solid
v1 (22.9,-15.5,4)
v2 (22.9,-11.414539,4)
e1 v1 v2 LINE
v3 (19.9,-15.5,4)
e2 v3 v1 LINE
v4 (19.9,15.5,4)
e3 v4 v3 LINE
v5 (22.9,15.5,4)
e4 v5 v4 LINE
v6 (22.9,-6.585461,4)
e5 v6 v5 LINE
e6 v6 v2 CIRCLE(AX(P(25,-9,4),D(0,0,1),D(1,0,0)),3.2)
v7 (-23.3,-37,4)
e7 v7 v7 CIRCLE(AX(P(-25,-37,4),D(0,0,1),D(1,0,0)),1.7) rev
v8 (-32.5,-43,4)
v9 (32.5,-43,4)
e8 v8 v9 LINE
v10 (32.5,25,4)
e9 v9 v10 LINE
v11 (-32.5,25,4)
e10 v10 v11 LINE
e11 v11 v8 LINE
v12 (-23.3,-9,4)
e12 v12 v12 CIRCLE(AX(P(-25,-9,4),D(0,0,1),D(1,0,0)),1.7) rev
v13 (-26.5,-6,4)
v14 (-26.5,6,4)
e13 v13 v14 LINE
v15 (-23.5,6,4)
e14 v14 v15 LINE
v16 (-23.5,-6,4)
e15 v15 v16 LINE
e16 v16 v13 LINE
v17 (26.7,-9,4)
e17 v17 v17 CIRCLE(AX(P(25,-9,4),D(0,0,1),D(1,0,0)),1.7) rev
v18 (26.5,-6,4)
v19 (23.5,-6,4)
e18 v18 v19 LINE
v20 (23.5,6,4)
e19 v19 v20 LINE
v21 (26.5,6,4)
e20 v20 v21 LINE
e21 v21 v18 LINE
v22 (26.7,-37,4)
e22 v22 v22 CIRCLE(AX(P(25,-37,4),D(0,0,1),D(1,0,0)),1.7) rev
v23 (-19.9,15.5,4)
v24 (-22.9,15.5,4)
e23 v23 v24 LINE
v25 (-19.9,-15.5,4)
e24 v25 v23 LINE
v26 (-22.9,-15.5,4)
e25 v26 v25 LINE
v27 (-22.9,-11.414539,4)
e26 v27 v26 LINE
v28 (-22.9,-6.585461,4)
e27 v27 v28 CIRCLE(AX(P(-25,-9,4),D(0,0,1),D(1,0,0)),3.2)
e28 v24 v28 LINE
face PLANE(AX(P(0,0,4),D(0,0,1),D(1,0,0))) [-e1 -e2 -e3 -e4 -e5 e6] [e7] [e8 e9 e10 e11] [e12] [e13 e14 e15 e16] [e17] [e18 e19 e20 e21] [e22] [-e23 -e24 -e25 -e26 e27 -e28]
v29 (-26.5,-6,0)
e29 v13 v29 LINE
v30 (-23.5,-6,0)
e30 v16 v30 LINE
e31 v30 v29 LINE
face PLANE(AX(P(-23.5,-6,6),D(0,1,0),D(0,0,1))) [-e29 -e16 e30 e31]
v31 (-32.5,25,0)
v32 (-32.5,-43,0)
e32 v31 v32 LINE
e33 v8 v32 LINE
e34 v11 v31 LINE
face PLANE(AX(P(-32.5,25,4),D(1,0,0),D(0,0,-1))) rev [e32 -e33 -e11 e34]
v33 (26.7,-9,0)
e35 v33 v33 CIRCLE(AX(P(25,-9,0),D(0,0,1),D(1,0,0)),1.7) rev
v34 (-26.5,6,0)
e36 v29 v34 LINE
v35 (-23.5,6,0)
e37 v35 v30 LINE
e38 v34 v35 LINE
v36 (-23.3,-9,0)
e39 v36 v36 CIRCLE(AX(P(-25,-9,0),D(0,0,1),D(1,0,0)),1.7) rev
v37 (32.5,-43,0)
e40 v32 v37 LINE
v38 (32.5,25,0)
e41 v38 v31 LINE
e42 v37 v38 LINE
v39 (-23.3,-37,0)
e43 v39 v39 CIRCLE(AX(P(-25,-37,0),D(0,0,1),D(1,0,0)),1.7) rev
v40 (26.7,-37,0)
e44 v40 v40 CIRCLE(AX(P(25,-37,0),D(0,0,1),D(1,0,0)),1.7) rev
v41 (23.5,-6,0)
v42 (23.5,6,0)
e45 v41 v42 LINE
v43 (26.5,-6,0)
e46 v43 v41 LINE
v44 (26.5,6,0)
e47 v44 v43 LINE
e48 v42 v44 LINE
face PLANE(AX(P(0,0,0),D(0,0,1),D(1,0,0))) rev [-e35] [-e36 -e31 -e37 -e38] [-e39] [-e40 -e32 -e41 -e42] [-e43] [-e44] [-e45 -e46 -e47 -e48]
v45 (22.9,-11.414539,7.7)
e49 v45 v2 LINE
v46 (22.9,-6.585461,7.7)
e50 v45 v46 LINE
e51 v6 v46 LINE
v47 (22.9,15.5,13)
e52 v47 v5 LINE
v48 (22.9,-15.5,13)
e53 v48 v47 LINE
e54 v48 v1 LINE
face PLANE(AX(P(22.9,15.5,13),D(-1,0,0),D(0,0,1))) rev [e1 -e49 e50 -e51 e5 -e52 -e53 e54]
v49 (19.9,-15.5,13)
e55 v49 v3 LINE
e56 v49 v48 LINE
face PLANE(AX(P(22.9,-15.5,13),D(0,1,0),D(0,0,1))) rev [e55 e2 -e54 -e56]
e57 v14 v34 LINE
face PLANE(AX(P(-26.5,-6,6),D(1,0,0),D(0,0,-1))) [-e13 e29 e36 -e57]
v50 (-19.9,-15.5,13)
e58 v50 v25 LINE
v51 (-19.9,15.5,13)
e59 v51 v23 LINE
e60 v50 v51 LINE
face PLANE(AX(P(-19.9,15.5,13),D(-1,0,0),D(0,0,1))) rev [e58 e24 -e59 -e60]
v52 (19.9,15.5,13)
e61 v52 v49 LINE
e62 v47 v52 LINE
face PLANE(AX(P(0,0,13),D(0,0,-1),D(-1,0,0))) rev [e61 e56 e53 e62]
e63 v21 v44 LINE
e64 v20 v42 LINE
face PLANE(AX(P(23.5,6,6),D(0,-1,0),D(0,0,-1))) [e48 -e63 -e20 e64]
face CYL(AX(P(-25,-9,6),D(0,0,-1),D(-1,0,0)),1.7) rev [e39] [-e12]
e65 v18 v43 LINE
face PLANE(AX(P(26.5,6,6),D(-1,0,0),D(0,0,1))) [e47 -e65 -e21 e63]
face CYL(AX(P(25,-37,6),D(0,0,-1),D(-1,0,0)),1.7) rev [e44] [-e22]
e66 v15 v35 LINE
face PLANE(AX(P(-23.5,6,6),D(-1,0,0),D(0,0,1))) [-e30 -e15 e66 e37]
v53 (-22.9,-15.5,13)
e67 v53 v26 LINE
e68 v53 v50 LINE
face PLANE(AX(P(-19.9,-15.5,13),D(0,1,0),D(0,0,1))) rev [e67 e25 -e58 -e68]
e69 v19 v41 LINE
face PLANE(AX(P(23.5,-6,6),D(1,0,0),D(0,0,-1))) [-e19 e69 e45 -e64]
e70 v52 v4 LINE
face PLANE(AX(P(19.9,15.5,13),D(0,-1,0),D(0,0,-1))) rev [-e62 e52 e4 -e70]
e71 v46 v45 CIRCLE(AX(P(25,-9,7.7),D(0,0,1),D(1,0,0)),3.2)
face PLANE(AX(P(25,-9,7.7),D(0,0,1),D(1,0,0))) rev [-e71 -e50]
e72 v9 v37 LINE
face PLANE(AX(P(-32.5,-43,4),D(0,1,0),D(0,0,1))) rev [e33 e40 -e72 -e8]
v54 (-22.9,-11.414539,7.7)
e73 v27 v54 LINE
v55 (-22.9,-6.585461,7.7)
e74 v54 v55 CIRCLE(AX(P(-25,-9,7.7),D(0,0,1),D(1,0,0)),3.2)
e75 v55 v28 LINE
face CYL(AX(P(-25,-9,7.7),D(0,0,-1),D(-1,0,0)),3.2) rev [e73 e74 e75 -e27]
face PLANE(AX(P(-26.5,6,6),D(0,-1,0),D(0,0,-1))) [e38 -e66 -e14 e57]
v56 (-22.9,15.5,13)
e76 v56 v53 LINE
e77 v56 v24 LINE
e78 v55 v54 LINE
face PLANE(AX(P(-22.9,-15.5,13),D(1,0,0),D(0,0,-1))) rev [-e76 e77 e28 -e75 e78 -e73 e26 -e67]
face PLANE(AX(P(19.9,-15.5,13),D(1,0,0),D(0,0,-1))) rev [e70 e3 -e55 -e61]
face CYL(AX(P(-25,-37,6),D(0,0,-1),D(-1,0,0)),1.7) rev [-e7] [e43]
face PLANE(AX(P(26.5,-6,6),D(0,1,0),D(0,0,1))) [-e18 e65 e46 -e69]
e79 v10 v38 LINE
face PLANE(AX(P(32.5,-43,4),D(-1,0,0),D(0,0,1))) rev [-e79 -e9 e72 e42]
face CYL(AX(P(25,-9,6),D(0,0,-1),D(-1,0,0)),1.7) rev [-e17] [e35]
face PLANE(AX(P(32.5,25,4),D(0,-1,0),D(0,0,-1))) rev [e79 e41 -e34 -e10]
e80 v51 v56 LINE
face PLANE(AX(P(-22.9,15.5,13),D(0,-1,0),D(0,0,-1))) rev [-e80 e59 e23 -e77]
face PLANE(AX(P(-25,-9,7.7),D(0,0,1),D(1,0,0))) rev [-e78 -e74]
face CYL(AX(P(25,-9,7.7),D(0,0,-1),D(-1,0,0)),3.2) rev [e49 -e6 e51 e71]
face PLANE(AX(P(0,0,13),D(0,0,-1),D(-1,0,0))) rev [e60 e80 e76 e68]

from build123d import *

# Parameters (mm, degrees)
SKETCH_RADAR_SEAT_W             = 65
SKETCH_RADAR_SEAT_H             = 68
RADAR_SEAT_DEPTH                = 4
LATERAL_STOPS_START             = 4
SKETCH_LATERAL_STOPS_W          = 3
SKETCH_LATERAL_STOPS_H          = 31
LATERAL_STOPS_DEPTH             = 9
POST_M3_START                   = -1
SKETCH_POST_M3_R                = 1.7
POST_M3_DEPTH                   = 7
TOP_SCREW_HEAD_RELIEFS_START    = 4
SKETCH_TOP_SCREW_HEAD_RELIEFS_R = 3.2
TOP_SCREW_HEAD_RELIEFS_DEPTH    = 3.7
RETENTION_STRAP_SLOTS_START     = -1
SKETCH_RETENTION_STRAP_SLOTS_W  = 3
SKETCH_RETENTION_STRAP_SLOTS_H  = 12
RETENTION_STRAP_SLOTS_DEPTH     = 7


with BuildPart() as part:
    # Sketch_Radar_seat → Radar_seat (new body)
    with BuildSketch(Plane.XY):
        with Locations((0, -9)):
            Rectangle(SKETCH_RADAR_SEAT_W, SKETCH_RADAR_SEAT_H)
    extrude(amount=RADAR_SEAT_DEPTH)

    # Sketch_Lateral_stops → Lateral_stops (add)
    with BuildSketch(Plane.XY.offset(LATERAL_STOPS_START)):
        with Locations((-21.4, 0)):
            Rectangle(SKETCH_LATERAL_STOPS_W, SKETCH_LATERAL_STOPS_H)
        with Locations((21.4, 0)):
            Rectangle(SKETCH_LATERAL_STOPS_W, SKETCH_LATERAL_STOPS_H)
    extrude(amount=LATERAL_STOPS_DEPTH)

    # Sketch_Post_M3 → Post_M3 (cut)
    with BuildSketch(Plane.XY.offset(POST_M3_START)):
        with Locations((-25, -37)):
            Circle(SKETCH_POST_M3_R)
        with Locations((-25, -9)):
            Circle(SKETCH_POST_M3_R)
        with Locations((25, -37)):
            Circle(SKETCH_POST_M3_R)
        with Locations((25, -9)):
            Circle(SKETCH_POST_M3_R)
    extrude(amount=POST_M3_DEPTH, mode=Mode.SUBTRACT)

    # Sketch_Top_screw_head_reliefs → Top_screw_head_reliefs (cut)
    with BuildSketch(Plane.XY.offset(TOP_SCREW_HEAD_RELIEFS_START)):
        with Locations((-25, -9)):
            Circle(SKETCH_TOP_SCREW_HEAD_RELIEFS_R)
        with Locations((25, -9)):
            Circle(SKETCH_TOP_SCREW_HEAD_RELIEFS_R)
    extrude(amount=TOP_SCREW_HEAD_RELIEFS_DEPTH, mode=Mode.SUBTRACT)

    # Sketch_Retention_strap_slots → Retention_strap_slots (cut)
    with BuildSketch(Plane.XY.offset(RETENTION_STRAP_SLOTS_START)):
        with Locations((-25, 0)):
            Rectangle(SKETCH_RETENTION_STRAP_SLOTS_W, SKETCH_RETENTION_STRAP_SLOTS_H)
        with Locations((25, 0)):
            Rectangle(SKETCH_RETENTION_STRAP_SLOTS_W, SKETCH_RETENTION_STRAP_SLOTS_H)
    extrude(amount=RETENTION_STRAP_SLOTS_DEPTH, mode=Mode.SUBTRACT)


solid = part.part
